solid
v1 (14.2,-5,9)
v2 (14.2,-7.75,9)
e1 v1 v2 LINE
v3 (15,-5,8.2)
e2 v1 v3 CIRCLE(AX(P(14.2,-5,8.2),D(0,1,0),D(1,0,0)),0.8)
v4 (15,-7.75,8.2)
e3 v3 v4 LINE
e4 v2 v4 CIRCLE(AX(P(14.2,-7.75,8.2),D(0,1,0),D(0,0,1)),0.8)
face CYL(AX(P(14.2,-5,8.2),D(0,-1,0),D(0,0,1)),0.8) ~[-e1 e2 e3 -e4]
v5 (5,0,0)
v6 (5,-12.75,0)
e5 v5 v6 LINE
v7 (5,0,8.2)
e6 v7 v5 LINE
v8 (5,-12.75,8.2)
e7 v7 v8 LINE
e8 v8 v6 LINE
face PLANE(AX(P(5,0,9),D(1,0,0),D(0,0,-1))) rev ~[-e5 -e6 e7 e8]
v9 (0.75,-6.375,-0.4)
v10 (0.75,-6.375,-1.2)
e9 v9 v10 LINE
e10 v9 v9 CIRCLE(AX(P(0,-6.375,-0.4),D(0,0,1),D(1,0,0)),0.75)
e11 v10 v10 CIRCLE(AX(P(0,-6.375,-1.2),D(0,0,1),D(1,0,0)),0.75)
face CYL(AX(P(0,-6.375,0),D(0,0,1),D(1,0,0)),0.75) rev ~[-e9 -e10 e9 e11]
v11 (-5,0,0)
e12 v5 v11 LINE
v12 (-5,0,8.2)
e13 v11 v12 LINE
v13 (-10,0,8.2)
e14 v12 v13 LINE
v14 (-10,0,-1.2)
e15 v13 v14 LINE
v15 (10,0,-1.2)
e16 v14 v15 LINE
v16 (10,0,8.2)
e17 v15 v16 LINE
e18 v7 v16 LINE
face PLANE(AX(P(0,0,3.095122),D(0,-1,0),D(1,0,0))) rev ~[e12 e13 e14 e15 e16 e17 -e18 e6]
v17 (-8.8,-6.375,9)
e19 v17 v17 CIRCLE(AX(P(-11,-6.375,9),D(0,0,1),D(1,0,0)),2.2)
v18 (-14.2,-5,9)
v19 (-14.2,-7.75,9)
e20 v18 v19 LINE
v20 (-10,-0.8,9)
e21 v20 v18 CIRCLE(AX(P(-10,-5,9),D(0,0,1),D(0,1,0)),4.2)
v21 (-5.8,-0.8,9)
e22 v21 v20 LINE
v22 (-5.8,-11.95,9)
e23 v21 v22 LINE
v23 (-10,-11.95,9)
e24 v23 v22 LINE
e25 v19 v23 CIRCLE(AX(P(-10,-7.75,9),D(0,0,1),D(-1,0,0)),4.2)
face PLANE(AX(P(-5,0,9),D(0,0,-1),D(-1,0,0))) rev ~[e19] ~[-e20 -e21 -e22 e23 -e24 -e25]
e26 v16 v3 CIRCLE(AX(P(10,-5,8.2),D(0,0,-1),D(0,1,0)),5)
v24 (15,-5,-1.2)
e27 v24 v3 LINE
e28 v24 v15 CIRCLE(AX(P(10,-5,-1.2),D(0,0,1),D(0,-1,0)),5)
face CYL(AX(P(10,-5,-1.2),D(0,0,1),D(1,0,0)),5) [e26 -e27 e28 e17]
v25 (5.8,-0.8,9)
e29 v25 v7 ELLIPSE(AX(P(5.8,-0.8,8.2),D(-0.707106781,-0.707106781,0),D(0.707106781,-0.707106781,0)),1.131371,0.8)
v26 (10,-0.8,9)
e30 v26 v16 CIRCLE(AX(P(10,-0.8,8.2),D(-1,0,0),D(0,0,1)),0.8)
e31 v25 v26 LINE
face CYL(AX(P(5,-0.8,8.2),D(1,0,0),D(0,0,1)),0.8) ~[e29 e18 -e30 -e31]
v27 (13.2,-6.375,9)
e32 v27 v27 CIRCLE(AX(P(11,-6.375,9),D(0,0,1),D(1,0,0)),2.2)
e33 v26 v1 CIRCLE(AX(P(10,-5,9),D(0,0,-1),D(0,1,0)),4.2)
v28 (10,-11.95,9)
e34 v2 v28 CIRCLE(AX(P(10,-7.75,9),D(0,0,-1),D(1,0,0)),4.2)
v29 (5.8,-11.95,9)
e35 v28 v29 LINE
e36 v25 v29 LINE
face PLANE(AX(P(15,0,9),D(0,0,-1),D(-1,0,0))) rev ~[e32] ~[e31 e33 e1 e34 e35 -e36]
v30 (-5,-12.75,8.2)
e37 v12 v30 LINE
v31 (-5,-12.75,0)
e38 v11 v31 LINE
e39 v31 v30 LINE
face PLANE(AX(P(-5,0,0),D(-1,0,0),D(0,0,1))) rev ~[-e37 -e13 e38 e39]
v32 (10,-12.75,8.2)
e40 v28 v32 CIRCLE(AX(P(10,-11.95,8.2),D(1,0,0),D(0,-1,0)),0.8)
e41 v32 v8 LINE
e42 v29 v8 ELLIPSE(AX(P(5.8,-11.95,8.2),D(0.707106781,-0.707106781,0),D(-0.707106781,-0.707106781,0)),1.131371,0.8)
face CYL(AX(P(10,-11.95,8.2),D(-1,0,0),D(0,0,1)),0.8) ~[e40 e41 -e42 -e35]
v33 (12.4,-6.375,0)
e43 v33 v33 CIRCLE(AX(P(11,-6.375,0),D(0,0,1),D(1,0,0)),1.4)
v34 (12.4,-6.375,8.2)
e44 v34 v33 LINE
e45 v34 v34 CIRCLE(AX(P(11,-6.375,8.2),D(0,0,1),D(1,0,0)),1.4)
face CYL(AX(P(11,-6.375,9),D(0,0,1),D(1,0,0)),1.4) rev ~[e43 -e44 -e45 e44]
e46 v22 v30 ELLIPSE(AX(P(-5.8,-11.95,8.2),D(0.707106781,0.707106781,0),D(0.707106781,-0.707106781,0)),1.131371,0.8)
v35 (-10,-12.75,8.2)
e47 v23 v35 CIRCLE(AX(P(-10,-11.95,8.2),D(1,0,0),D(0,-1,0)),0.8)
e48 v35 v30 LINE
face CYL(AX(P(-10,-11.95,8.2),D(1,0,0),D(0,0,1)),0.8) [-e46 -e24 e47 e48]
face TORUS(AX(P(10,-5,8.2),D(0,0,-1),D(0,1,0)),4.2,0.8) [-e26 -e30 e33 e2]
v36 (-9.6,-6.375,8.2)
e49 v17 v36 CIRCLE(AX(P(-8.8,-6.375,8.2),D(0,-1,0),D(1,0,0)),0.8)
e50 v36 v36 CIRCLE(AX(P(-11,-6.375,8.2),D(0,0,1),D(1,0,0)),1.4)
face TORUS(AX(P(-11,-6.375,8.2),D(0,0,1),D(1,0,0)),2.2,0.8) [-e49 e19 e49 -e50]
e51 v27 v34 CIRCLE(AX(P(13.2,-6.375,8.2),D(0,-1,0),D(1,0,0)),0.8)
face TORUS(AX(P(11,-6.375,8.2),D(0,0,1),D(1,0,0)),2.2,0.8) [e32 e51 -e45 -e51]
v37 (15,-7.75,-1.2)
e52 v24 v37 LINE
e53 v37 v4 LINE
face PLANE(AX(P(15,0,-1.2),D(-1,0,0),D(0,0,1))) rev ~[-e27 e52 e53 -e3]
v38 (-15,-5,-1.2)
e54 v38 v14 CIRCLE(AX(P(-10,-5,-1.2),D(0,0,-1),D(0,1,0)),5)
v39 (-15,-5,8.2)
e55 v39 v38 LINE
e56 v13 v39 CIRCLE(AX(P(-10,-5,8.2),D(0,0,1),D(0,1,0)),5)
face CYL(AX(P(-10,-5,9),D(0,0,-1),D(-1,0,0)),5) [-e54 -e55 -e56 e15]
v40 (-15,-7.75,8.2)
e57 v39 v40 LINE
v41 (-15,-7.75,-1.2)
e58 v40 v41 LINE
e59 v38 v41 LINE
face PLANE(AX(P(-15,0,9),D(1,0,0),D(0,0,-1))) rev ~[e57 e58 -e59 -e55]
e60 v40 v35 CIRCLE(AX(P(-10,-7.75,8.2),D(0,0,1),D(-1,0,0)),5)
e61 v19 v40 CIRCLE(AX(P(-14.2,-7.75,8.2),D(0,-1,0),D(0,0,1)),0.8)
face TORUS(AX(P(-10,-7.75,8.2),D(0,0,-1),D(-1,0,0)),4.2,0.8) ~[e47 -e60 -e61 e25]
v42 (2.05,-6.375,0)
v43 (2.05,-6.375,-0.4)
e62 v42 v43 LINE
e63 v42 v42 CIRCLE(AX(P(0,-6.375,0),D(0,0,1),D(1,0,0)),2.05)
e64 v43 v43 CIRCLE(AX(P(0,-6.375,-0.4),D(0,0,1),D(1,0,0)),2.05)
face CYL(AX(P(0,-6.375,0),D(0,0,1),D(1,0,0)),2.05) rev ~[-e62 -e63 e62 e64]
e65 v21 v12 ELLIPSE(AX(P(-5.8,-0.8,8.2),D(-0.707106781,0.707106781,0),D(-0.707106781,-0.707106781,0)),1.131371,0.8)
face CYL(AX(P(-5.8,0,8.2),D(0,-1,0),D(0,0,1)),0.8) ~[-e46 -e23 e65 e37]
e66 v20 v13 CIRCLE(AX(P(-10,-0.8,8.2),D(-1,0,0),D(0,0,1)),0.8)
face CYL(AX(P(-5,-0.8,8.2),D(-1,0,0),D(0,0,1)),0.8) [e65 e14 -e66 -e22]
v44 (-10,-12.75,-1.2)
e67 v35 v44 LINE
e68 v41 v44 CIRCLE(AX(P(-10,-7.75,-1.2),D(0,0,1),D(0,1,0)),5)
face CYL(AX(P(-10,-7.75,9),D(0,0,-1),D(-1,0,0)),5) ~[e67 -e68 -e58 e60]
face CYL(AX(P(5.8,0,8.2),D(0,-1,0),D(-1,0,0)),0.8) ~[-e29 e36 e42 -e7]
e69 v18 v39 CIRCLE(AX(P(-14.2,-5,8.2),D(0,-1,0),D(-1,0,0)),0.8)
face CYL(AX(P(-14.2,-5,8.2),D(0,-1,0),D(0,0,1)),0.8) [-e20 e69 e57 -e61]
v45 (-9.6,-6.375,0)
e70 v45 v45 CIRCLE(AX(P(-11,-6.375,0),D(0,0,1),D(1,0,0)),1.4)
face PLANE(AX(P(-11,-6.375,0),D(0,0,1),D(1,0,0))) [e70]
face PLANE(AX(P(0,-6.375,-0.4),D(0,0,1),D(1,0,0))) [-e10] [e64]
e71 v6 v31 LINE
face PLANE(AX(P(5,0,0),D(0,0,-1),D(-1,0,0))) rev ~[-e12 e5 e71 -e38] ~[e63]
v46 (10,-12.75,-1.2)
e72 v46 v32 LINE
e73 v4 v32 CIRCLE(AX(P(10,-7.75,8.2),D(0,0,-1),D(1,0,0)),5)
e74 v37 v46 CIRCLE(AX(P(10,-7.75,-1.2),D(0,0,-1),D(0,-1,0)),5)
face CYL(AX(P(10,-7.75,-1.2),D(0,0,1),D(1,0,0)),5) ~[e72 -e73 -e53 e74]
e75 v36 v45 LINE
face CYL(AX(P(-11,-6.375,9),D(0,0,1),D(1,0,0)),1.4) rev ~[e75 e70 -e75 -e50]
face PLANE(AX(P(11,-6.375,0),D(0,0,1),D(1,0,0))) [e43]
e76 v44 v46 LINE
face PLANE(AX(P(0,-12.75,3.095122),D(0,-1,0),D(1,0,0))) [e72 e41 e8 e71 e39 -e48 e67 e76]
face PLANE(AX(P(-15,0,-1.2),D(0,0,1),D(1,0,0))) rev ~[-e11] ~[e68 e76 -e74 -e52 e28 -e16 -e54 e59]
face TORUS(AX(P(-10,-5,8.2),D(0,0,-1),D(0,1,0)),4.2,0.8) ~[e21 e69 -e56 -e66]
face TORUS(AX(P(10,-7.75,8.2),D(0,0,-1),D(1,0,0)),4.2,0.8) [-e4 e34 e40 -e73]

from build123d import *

# Parameters (mm, degrees)
F1_DEPTH = 12.75
F2_R     = 5
F3_R     = 0.75
F4_DEPTH = 1.201
F3_R_2   = 2.05
F5_DEPTH = 0.4
F6_R     = 1.4
F7_DEPTH = 9
F8_R     = 0.8


with BuildPart() as f1:
    # F0 (on Front) → F1 (new body)
    with BuildSketch(Plane.XZ):
        Polygon((5, 0), (0, 0), (-5, 0), (-5, 9), (-15, 9), (-15, -1.2), (0, -1.2), (15, -1.2), (15, 9), (5, 9), align=None)
    extrude(amount=F1_DEPTH)

    # F2
    f2_edges = [f1.edges().sort_by_distance(p)[0] for p in [
        (15, -12.75, 3.9),
        (15, 0, 3.9),
        (-15, -12.75, 3.9),
        (-15, 0, 3.9),
    ]]
    fillet(f2_edges, radius=F2_R)

    # F3 (on face) → F4 (cut, through all)
    with BuildSketch(Plane.XY):
        with Locations((0, -6.375)):
            Circle(F3_R)
    extrude(amount=-F4_DEPTH, mode=Mode.SUBTRACT)

    # F3 (on face) → F5 (cut)
    with BuildSketch(Plane.XY):
        with Locations((0, -6.375)):
            Circle(F3_R_2)
        with Locations((0, -6.375)):
            Circle(F3_R, mode=Mode.SUBTRACT)
    extrude(amount=-F5_DEPTH, mode=Mode.SUBTRACT)

    # F6 (on face) → F7 (cut)
    with BuildSketch(Plane.XY.offset(9)):
        with Locations((11, -6.375)):
            Circle(F6_R)
        with Locations((-11, -6.375)):
            Circle(F6_R)
    extrude(amount=-F7_DEPTH, mode=Mode.SUBTRACT)

    # F8
    f8_edges = [f1.edges().sort_by_distance(p)[0] for p in [
        (-15, -6.375, 9),
        (-13.535534, -1.464466, 9),
        (-13.535534, -11.285534, 9),
        (-7.5, 0, 9),
        (-7.5, -12.75, 9),
        (-5, -6.375, 9),
        (-12.4, -6.375, 9),
        (15, -6.375, 9),
        (13.535534, -1.464466, 9),
        (13.535534, -11.285534, 9),
        (7.5, 0, 9),
        (7.5, -12.75, 9),
        (5, -6.375, 9),
        (9.6, -6.375, 9),
    ]]
    fillet(f8_edges, radius=F8_R)


solid = f1.part
